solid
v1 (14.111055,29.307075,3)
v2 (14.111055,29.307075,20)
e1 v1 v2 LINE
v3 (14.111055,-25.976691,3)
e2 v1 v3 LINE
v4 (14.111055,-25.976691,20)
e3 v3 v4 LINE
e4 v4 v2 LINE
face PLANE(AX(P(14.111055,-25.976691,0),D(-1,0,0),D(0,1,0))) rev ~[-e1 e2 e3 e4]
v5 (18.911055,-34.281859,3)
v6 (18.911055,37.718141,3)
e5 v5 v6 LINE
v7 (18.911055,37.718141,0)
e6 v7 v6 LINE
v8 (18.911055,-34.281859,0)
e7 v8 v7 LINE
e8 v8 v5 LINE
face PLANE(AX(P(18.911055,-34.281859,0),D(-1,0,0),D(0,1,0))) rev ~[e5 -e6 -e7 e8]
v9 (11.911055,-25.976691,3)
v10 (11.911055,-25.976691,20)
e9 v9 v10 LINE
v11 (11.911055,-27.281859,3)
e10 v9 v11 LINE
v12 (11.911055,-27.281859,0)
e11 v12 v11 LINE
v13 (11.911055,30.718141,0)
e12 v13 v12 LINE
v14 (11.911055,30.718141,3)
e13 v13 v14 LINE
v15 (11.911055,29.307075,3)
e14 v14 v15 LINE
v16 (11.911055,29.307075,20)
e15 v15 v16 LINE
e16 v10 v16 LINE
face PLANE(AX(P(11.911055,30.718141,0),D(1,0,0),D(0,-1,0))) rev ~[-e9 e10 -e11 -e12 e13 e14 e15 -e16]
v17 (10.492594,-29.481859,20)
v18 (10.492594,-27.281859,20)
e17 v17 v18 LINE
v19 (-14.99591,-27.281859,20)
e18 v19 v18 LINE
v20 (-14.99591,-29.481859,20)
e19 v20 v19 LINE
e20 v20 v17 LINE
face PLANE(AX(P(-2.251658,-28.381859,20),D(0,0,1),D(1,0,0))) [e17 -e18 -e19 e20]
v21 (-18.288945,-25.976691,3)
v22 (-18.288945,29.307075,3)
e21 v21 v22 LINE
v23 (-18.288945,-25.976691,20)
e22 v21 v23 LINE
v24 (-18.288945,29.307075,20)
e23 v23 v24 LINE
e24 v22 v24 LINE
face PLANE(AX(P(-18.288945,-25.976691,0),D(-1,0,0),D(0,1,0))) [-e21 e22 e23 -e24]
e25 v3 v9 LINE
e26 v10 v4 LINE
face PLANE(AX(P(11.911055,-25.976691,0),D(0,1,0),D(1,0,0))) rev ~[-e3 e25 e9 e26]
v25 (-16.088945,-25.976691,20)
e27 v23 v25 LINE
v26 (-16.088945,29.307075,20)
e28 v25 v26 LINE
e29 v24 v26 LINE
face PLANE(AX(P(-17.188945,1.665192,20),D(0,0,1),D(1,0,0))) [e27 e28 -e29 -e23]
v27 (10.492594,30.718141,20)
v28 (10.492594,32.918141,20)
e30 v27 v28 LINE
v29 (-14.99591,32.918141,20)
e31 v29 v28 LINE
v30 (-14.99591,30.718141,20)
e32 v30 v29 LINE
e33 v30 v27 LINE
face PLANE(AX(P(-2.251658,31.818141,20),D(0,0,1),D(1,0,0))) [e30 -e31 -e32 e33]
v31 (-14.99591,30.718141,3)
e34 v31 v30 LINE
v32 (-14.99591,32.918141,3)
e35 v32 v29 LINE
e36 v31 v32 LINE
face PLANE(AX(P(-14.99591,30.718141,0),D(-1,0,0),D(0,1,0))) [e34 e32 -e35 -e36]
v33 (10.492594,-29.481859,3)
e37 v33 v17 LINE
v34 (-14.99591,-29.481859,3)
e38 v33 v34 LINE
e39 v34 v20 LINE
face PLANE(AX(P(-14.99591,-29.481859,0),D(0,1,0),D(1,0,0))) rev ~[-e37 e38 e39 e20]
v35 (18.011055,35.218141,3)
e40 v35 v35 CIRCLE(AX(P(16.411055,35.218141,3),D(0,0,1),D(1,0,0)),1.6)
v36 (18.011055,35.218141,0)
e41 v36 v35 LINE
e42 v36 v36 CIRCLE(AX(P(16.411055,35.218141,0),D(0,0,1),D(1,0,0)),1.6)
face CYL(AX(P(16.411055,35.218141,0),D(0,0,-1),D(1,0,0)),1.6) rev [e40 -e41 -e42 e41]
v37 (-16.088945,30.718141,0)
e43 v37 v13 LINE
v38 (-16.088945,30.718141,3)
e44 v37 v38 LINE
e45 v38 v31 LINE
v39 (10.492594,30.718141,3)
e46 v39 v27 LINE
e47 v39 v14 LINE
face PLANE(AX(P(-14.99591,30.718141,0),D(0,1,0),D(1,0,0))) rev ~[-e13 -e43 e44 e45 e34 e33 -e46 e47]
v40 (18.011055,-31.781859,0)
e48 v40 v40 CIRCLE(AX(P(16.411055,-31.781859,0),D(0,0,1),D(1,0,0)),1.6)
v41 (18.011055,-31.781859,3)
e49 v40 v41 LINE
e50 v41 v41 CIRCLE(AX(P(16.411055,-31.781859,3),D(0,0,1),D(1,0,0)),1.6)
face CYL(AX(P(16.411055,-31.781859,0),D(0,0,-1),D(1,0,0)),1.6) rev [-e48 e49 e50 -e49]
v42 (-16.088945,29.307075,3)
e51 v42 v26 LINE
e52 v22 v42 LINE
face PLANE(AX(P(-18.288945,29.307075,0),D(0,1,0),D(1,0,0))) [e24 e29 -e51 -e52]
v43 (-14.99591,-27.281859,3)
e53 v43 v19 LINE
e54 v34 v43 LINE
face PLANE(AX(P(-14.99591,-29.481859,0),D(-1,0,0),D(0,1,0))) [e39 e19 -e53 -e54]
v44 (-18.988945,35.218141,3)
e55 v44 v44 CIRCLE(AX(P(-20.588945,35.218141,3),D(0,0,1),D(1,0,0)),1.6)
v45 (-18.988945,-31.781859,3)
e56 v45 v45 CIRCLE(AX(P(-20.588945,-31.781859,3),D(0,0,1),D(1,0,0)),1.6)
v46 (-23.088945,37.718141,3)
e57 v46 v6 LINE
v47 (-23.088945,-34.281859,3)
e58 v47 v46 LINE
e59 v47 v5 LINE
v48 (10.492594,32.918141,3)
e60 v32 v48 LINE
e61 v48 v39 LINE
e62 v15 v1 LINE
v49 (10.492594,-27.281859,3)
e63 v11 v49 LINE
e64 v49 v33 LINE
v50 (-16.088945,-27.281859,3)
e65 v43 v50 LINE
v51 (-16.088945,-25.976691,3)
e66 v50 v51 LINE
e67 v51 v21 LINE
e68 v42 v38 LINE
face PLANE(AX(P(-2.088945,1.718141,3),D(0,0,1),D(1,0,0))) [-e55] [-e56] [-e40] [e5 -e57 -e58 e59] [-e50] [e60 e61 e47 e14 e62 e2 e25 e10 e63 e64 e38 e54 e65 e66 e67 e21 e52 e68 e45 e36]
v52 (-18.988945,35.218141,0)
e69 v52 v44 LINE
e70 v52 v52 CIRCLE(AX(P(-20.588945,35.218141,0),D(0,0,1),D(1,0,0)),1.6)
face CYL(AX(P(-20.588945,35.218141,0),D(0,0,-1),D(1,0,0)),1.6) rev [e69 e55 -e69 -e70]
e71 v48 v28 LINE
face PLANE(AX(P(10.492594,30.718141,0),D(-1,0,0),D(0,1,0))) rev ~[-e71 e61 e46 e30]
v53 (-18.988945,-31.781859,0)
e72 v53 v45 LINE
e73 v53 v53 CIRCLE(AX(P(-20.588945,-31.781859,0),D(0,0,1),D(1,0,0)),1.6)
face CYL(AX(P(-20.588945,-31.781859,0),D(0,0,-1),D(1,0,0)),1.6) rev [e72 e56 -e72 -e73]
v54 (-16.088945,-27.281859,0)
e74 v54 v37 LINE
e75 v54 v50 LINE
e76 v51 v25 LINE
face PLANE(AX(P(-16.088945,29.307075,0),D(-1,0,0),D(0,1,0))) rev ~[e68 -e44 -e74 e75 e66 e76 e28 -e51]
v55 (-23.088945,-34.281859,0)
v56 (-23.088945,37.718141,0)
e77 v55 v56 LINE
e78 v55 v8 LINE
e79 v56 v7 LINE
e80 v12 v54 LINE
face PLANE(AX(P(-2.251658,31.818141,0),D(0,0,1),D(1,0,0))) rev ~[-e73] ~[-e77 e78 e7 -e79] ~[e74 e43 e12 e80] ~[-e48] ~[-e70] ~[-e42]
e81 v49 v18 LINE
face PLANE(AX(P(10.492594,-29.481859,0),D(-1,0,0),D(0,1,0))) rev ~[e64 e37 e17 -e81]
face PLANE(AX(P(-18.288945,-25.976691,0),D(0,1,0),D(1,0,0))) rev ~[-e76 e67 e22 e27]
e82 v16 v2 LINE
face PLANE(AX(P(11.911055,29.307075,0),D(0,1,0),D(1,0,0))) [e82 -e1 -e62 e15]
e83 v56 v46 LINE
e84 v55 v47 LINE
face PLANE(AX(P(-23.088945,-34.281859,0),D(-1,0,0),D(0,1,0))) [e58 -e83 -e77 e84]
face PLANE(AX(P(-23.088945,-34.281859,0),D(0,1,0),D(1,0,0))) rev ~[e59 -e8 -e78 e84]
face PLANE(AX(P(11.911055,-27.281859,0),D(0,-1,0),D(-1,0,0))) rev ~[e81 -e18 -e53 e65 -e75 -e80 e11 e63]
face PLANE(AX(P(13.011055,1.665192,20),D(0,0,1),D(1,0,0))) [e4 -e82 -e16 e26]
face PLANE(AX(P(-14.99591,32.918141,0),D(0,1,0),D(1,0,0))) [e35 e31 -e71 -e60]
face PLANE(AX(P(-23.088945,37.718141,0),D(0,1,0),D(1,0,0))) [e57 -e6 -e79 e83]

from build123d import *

# Parameters (mm, degrees)
F0_W     = 42
F0_H     = 72
F0_R     = 1.6
F1_DEPTH = 3
F0_W_2   = 25.488504
F0_H_2   = 2.2
F0_W_3   = 2.2
F0_H_3   = 55.283766
F2_DEPTH = 20


with BuildPart() as f1:
    # F0 (on Top) → F1 (new body)
    with BuildSketch(Plane.XY):
        with Locations((-2.088945, 1.718141)):
            Rectangle(F0_W, F0_H)
        with Locations((-20.588945, -31.781859)):
            Circle(F0_R, mode=Mode.SUBTRACT)
        with Locations((16.411055, -31.781859)):
            Circle(F0_R, mode=Mode.SUBTRACT)
        with Locations((-20.588945, 35.218141)):
            Circle(F0_R, mode=Mode.SUBTRACT)
        Polygon((-18.288945, 32.918141), (-14.99591, 32.918141), (10.492594, 32.918141), (14.111055, 32.918141), (14.111055, 29.307075), (14.111055, -25.976691), (14.111055, -27.281859), (14.111055, -29.481859), (10.492594, -29.481859), (-14.99591, -29.481859), (-18.288945, -29.481859), (-18.288945, -25.976691), (-18.288945, 29.307075), align=None, mode=Mode.SUBTRACT)
        with Locations((16.411055, 35.218141)):
            Circle(F0_R, mode=Mode.SUBTRACT)
        Polygon((-16.088945, -27.281859), (-16.088945, -25.976691), (-18.288945, -25.976691), (-18.288945, -29.481859), (-14.99591, -29.481859), (-14.99591, -27.281859), align=None)
        Polygon((-16.088945, 29.307075), (-16.088945, 30.718141), (-14.99591, 30.718141), (-14.99591, 32.918141), (-18.288945, 32.918141), (-18.288945, 29.307075), align=None)
        Polygon((10.492594, 32.918141), (10.492594, 30.718141), (11.911055, 30.718141), (11.911055, 29.307075), (14.111055, 29.307075), (14.111055, 32.918141), align=None)
        Polygon((14.111055, -25.976691), (11.911055, -25.976691), (11.911055, -27.281859), (10.492594, -27.281859), (10.492594, -29.481859), (14.111055, -29.481859), (14.111055, -27.281859), align=None)
    extrude(amount=F1_DEPTH)

    # F0 (on Top) → F2 (join)
    with BuildSketch(Plane.XY):
        with Locations((-2.251658, 31.818141)):
            Rectangle(F0_W_2, F0_H_2)
        with Locations((-17.188945, 1.665192)):
            Rectangle(F0_W_3, F0_H_3)
        with Locations((13.011055, 1.665192)):
            Rectangle(F0_W_3, F0_H_3)
        with Locations((-2.251658, -28.381859)):
            Rectangle(F0_W_2, F0_H_2)
    extrude(amount=F2_DEPTH)


solid = f1.part
